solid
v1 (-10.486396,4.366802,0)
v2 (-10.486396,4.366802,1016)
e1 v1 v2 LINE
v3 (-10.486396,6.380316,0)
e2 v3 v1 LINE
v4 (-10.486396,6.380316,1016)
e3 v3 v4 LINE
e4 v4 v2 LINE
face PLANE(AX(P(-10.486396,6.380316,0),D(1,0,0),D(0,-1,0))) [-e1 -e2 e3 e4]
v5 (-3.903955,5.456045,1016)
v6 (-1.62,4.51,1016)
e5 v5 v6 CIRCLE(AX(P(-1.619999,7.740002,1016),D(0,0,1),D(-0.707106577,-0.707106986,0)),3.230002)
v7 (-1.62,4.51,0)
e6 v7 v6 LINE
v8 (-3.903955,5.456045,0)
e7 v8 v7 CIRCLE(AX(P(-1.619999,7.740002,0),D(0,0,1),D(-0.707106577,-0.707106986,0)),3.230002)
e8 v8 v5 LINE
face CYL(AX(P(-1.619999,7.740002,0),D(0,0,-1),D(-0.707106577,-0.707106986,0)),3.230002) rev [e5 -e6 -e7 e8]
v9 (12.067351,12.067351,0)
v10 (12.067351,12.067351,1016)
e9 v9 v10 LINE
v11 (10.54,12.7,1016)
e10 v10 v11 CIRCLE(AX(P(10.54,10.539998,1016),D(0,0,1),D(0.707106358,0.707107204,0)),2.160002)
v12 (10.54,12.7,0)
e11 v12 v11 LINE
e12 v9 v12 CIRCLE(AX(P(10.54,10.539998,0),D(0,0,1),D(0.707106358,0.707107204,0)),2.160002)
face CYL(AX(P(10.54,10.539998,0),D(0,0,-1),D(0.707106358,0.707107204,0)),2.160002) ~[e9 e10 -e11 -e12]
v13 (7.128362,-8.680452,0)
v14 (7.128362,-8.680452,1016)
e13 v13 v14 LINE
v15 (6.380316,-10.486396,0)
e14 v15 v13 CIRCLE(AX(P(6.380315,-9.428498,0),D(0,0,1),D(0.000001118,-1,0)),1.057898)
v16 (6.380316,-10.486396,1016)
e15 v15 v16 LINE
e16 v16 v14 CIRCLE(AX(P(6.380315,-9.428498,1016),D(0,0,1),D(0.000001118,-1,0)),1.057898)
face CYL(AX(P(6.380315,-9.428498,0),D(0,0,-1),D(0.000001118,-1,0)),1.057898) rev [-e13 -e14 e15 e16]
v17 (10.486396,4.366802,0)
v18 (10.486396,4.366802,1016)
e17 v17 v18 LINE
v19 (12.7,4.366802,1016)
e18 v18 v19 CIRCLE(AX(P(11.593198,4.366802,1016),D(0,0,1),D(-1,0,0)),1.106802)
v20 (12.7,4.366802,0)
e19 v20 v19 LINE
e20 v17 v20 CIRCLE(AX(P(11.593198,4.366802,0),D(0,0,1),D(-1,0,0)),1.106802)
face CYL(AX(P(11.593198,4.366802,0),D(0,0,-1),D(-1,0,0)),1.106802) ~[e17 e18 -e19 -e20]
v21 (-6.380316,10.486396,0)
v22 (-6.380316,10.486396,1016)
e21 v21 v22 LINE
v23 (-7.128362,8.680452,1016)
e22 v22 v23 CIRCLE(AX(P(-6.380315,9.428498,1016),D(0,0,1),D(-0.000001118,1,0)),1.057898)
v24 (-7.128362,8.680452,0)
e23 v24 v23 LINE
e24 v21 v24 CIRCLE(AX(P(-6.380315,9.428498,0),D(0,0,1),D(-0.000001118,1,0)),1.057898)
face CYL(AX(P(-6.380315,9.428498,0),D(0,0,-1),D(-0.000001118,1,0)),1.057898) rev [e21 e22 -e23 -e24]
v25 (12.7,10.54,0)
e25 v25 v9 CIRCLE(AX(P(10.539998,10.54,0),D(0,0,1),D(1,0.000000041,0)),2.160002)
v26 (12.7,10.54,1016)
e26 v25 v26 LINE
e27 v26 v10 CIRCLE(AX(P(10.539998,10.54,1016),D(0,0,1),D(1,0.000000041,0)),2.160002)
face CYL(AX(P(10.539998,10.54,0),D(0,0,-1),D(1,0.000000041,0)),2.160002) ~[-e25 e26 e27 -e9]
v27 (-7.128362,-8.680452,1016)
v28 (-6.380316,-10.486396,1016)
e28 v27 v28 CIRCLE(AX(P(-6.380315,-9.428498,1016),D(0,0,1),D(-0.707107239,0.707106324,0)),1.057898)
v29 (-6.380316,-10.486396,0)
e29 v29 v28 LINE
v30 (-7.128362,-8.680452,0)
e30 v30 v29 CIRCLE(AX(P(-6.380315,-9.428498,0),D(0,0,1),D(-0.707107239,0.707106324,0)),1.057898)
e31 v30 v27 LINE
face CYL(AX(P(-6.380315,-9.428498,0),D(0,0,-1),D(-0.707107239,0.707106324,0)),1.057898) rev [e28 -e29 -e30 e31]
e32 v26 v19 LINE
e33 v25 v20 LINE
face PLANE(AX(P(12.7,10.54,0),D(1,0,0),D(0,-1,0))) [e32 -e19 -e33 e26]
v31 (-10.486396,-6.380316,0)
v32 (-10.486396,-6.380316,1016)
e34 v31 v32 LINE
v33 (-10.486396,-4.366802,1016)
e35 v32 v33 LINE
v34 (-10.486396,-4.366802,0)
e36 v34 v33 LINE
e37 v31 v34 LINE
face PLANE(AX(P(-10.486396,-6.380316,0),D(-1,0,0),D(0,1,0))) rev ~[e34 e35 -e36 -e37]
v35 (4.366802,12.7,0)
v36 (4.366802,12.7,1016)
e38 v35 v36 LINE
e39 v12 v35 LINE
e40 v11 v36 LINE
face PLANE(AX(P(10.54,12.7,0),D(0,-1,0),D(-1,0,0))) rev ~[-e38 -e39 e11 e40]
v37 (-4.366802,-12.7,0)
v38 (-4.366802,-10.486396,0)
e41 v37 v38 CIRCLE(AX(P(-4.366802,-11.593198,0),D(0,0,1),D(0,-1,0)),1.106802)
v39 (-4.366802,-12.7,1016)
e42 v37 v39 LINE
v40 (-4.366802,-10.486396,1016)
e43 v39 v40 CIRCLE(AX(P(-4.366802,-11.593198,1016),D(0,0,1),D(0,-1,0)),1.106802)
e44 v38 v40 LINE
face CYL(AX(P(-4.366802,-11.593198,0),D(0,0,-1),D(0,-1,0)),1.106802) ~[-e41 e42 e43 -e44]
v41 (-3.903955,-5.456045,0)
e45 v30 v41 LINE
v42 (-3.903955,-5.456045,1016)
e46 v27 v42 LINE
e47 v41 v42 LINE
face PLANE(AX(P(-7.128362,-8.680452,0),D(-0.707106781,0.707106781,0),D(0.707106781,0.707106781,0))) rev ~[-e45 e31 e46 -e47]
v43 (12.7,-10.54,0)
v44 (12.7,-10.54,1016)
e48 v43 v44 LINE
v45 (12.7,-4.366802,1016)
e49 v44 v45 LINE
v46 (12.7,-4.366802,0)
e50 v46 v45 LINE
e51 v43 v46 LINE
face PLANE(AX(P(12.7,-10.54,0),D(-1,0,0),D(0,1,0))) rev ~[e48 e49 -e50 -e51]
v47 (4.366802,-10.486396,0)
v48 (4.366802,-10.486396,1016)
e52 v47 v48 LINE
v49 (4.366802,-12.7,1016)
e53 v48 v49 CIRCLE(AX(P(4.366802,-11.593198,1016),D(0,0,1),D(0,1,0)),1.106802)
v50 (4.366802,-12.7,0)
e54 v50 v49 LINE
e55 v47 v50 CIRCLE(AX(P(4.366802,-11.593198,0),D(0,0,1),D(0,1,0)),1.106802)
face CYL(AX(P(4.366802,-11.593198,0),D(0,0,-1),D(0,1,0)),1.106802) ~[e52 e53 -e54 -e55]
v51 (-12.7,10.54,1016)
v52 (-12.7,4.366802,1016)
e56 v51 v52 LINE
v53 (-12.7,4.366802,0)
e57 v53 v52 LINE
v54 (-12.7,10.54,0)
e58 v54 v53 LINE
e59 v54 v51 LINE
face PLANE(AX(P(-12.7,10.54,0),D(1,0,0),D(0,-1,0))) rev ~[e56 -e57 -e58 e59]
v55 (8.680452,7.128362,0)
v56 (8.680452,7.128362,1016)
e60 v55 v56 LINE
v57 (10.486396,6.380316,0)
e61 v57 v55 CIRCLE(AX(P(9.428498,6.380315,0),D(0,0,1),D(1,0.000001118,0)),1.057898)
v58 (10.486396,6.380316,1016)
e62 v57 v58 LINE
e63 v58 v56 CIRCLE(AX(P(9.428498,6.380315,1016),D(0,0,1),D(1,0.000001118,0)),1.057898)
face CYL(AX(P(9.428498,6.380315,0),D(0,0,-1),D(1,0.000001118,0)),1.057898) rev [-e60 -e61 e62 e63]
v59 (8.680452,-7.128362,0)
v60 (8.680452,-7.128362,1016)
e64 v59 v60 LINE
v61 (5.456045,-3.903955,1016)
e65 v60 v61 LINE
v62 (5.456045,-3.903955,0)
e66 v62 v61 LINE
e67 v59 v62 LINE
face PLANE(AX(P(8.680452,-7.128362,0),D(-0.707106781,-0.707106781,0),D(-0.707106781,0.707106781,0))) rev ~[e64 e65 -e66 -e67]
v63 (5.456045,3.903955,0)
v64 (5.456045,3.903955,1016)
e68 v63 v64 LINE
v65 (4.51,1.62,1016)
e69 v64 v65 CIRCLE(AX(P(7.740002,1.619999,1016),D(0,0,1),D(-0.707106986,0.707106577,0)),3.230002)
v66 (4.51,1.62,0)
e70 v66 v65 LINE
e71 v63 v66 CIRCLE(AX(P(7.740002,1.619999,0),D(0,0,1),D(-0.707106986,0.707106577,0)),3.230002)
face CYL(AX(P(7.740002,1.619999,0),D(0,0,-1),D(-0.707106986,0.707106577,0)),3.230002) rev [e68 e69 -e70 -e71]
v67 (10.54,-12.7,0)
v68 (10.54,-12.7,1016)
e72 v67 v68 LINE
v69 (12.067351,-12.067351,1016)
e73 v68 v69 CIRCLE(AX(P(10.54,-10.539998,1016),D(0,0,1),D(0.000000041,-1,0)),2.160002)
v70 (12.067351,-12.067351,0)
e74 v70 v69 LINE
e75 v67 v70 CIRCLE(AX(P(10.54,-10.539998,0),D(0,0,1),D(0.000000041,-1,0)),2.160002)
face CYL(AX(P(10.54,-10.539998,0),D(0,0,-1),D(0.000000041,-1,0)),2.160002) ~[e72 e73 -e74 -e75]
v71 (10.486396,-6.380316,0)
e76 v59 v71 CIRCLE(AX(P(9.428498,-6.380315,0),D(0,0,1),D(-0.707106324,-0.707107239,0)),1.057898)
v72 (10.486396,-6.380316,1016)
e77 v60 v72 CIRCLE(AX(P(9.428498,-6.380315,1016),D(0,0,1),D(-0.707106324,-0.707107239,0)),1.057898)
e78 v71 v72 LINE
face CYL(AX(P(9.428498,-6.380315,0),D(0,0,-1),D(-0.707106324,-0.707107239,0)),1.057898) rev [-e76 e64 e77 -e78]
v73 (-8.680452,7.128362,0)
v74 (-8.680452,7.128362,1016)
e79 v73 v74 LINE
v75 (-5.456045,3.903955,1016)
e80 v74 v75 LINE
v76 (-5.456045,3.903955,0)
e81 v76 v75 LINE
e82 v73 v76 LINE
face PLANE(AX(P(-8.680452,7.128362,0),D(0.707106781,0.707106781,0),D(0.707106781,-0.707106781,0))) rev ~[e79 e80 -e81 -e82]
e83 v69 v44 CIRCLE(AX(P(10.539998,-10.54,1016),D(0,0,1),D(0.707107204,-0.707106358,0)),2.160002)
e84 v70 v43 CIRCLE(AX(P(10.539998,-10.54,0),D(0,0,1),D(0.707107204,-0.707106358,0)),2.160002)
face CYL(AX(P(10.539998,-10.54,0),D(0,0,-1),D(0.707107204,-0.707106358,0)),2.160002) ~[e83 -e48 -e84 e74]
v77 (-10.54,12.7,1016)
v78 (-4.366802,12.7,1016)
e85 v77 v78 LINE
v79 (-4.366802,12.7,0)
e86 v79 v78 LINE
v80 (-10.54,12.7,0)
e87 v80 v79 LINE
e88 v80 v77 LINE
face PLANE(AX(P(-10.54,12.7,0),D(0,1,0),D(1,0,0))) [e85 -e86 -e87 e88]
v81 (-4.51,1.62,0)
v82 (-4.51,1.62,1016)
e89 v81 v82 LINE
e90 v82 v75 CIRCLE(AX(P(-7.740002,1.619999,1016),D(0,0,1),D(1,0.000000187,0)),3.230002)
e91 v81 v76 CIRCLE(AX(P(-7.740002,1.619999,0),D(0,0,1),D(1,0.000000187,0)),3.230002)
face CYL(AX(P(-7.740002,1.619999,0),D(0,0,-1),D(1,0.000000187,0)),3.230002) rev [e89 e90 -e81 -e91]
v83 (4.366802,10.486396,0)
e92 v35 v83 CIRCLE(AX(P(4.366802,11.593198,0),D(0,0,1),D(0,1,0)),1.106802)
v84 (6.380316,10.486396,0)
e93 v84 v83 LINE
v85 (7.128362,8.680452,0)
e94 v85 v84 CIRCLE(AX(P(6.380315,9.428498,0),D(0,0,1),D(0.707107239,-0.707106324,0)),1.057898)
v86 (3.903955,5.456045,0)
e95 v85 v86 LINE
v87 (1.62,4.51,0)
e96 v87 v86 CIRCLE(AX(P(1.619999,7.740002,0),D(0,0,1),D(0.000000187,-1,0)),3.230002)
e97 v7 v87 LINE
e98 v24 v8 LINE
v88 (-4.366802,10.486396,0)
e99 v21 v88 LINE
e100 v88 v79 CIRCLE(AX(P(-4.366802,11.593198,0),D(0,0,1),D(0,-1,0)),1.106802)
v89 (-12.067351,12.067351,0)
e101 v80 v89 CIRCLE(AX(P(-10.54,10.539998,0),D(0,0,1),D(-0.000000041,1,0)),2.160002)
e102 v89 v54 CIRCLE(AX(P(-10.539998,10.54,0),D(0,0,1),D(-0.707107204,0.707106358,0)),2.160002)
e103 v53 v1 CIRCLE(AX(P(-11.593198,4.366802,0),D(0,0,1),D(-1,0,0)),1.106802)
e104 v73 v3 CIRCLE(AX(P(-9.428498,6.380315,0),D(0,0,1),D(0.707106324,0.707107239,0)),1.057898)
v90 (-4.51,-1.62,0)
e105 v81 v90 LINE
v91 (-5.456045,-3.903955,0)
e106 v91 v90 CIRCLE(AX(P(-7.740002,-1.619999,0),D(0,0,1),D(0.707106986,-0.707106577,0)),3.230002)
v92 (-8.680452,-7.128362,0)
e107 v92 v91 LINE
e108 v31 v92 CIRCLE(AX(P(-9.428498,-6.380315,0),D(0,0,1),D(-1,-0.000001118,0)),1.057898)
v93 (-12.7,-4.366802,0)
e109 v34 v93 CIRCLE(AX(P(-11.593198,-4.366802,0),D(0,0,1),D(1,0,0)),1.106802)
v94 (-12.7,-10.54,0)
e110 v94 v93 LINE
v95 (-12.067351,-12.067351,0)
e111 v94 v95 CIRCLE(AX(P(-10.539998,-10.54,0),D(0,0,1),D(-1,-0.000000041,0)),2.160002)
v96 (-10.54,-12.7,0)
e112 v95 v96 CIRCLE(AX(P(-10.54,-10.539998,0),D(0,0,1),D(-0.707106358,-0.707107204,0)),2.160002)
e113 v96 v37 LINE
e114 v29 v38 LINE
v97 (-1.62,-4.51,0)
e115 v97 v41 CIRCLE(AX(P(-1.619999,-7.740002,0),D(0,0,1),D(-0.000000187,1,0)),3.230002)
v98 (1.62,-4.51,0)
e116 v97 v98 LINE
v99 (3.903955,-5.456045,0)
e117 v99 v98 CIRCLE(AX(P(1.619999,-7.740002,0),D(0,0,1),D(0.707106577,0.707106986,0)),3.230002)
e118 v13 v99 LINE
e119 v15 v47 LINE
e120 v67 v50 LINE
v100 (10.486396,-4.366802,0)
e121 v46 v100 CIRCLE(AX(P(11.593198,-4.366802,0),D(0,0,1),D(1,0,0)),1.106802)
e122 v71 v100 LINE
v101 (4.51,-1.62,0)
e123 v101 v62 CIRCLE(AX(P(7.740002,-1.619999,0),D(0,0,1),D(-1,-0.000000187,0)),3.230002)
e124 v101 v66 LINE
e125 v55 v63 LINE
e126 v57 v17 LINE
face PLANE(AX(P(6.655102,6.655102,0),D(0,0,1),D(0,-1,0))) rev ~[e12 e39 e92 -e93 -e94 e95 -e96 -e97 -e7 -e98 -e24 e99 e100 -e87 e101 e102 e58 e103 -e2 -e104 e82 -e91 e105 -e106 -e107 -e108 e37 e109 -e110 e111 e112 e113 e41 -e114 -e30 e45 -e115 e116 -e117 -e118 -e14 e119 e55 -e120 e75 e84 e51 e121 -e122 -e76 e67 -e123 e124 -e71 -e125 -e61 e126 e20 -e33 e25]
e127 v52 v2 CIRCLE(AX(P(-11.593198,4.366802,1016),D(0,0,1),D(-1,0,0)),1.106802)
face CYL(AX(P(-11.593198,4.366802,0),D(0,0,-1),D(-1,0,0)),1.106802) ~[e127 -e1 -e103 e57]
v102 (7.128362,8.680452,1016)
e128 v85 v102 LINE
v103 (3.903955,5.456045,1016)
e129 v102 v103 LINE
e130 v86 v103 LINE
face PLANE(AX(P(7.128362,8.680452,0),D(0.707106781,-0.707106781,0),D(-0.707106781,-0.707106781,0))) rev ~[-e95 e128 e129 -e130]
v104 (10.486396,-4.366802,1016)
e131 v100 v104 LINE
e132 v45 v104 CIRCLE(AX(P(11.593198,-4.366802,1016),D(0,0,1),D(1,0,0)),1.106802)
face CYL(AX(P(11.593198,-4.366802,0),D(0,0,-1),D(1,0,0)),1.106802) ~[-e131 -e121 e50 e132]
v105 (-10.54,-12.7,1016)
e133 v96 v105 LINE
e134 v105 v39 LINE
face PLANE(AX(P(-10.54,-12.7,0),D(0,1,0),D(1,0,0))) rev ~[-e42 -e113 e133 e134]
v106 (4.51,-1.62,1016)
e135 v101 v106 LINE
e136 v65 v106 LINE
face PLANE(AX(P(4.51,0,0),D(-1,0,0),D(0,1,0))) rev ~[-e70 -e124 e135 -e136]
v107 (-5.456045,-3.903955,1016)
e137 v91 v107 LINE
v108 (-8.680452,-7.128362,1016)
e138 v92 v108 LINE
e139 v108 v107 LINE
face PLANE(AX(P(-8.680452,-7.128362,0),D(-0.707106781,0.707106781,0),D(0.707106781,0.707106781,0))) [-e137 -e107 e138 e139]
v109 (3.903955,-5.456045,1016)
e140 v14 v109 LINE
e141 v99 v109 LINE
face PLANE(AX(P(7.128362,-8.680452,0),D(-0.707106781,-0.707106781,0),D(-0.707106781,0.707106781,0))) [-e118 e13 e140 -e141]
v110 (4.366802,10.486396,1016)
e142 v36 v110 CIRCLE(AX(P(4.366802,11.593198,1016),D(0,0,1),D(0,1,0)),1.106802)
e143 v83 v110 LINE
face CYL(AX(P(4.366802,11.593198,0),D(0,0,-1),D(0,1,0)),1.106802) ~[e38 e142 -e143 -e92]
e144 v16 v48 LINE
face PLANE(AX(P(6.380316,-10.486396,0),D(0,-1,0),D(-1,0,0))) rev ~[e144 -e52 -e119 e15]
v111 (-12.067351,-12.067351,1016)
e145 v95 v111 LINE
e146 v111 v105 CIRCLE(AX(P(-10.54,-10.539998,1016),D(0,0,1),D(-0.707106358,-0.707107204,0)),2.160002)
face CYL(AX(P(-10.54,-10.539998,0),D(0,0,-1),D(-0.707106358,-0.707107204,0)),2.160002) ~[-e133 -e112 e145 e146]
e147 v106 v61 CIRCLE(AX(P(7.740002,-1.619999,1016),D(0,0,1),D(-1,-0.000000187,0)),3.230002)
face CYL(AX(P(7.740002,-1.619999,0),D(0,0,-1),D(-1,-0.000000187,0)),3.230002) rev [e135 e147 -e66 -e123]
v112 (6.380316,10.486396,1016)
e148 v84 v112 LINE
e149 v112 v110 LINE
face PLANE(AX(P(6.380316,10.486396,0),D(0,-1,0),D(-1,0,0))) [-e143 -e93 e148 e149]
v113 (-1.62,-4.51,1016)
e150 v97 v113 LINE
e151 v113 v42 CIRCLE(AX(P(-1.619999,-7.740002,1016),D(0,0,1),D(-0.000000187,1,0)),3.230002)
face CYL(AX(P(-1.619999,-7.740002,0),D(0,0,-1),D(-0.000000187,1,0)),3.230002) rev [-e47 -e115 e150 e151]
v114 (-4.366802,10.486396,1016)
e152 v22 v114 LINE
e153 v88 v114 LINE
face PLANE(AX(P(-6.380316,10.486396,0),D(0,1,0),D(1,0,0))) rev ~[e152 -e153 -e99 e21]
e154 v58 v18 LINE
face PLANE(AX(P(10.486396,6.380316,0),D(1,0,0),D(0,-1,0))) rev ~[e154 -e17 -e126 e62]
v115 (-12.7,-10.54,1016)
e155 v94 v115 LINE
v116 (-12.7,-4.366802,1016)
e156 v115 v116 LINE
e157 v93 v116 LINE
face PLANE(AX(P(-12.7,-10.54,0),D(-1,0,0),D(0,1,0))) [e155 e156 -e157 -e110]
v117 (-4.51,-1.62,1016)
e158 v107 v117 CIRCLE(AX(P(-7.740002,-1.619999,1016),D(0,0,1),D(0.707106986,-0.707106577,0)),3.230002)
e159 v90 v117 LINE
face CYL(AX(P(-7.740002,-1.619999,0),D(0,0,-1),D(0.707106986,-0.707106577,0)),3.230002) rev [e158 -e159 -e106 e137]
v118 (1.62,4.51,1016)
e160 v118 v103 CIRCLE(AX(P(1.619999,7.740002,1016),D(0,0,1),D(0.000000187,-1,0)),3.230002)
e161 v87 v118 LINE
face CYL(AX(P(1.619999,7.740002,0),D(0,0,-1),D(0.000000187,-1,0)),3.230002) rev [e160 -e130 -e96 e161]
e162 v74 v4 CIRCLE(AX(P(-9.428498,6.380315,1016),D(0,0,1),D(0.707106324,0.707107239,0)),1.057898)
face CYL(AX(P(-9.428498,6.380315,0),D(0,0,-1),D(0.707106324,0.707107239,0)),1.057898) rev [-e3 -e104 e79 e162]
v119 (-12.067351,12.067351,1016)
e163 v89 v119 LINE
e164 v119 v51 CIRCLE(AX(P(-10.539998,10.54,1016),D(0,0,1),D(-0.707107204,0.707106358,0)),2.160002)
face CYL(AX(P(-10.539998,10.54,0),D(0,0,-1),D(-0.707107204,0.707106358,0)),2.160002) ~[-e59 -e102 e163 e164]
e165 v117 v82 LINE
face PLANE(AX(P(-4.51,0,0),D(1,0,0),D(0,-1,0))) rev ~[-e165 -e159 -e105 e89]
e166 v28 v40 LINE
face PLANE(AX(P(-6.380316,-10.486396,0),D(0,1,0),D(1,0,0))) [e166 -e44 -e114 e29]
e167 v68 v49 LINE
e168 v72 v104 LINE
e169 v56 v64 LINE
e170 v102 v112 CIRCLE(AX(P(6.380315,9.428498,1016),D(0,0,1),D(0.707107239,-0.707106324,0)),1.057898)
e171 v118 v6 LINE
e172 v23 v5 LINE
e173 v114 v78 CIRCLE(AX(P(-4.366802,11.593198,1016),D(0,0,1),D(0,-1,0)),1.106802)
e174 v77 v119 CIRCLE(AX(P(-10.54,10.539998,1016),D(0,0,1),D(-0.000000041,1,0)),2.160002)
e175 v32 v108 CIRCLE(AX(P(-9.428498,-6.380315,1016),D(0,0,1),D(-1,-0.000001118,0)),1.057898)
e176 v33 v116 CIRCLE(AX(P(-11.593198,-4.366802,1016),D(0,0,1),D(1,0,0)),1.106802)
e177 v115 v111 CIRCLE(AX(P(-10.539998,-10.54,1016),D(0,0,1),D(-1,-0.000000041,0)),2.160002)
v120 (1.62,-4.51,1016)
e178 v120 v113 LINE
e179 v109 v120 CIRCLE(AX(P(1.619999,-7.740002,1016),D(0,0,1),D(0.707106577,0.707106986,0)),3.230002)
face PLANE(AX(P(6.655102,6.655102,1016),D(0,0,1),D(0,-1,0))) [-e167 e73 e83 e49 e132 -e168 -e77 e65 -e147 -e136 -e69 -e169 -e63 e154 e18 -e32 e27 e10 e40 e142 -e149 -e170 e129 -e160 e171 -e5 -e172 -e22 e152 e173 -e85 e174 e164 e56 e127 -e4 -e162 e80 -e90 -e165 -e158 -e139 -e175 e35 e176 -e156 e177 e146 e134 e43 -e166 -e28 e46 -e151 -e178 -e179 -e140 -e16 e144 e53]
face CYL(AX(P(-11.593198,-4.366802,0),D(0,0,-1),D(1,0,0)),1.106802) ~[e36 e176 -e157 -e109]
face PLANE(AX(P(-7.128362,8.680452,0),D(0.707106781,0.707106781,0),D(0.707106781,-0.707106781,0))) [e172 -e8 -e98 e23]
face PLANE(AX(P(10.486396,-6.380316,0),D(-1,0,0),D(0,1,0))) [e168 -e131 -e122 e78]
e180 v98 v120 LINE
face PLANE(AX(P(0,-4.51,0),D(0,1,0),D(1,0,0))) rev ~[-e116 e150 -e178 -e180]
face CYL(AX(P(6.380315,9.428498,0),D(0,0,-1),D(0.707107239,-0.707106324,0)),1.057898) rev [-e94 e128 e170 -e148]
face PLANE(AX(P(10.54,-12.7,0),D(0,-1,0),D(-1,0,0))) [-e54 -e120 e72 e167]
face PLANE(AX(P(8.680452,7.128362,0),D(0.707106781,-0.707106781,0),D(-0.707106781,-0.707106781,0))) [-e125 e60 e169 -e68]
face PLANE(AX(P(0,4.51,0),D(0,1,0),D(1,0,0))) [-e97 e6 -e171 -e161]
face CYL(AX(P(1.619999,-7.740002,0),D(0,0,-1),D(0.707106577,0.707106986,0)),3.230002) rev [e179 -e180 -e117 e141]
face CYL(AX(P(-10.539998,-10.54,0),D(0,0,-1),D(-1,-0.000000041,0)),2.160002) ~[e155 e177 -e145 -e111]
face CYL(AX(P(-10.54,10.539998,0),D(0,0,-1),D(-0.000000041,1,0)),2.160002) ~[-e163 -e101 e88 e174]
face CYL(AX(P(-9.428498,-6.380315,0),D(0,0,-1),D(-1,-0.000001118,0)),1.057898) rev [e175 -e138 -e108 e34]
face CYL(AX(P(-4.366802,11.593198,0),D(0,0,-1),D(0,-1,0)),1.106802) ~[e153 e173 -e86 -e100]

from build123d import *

# Parameters (mm, degrees)
PAD_DEPTH          = 1016
POLARPATTERN_COUNT = 4


with BuildPart() as part:
    # Sketch → Pad (new body)
    with BuildSketch(Plane.XY):
        with BuildLine():
            Line((0, 4.51), (-1.62, 4.51))
            ThreePointArc((-3.903955, 5.456045), (-2.856067, 4.755869), (-1.62, 4.51))
            Line((-7.128362, 8.680452), (-3.903955, 5.456045))
            ThreePointArc((-6.380316, 10.486396), (-7.357685, 9.833338), (-7.128362, 8.680452))
            Line((-6.380316, 10.486396), (-4.366802, 10.486396))
            ThreePointArc((-4.366802, 10.486396), (-3.26, 11.593198), (-4.366802, 12.7))
            Line((-10.54, 12.7), (-4.366802, 12.7))
            ThreePointArc((-10.54, 12.7), (-11.366596, 12.53558), (-12.067351, 12.067351))
            ThreePointArc((-12.067351, 12.067351), (-12.53558, 11.366596), (-12.7, 10.54))
            Line((-12.7, 10.54), (-12.7, 4.366802))
            ThreePointArc((-12.7, 4.366802), (-11.593198, 3.26), (-10.486396, 4.366802))
            Line((-10.486396, 6.380316), (-10.486396, 4.366802))
            ThreePointArc((-8.680452, 7.128362), (-9.833338, 7.357685), (-10.486396, 6.380316))
            Line((-8.680452, 7.128362), (-5.456045, 3.903955))
            ThreePointArc((-4.51, 1.62), (-4.755869, 2.856067), (-5.456045, 3.903955))
            Line((-4.51, 0), (-4.51, 1.62))
            Line((0, 0), (-4.51, 0))
            Line((0, 4.51), (0, 0))
        make_face()
    pad = extrude(amount=PAD_DEPTH)

    # PolarPattern: Pad ×4 about axis
    polarpattern_axis = Axis((0, 0, 0), (0, 0, 1))
    for i in range(1, POLARPATTERN_COUNT):
        add(pad.rotate(polarpattern_axis, i * 360 / POLARPATTERN_COUNT))


solid = part.part
